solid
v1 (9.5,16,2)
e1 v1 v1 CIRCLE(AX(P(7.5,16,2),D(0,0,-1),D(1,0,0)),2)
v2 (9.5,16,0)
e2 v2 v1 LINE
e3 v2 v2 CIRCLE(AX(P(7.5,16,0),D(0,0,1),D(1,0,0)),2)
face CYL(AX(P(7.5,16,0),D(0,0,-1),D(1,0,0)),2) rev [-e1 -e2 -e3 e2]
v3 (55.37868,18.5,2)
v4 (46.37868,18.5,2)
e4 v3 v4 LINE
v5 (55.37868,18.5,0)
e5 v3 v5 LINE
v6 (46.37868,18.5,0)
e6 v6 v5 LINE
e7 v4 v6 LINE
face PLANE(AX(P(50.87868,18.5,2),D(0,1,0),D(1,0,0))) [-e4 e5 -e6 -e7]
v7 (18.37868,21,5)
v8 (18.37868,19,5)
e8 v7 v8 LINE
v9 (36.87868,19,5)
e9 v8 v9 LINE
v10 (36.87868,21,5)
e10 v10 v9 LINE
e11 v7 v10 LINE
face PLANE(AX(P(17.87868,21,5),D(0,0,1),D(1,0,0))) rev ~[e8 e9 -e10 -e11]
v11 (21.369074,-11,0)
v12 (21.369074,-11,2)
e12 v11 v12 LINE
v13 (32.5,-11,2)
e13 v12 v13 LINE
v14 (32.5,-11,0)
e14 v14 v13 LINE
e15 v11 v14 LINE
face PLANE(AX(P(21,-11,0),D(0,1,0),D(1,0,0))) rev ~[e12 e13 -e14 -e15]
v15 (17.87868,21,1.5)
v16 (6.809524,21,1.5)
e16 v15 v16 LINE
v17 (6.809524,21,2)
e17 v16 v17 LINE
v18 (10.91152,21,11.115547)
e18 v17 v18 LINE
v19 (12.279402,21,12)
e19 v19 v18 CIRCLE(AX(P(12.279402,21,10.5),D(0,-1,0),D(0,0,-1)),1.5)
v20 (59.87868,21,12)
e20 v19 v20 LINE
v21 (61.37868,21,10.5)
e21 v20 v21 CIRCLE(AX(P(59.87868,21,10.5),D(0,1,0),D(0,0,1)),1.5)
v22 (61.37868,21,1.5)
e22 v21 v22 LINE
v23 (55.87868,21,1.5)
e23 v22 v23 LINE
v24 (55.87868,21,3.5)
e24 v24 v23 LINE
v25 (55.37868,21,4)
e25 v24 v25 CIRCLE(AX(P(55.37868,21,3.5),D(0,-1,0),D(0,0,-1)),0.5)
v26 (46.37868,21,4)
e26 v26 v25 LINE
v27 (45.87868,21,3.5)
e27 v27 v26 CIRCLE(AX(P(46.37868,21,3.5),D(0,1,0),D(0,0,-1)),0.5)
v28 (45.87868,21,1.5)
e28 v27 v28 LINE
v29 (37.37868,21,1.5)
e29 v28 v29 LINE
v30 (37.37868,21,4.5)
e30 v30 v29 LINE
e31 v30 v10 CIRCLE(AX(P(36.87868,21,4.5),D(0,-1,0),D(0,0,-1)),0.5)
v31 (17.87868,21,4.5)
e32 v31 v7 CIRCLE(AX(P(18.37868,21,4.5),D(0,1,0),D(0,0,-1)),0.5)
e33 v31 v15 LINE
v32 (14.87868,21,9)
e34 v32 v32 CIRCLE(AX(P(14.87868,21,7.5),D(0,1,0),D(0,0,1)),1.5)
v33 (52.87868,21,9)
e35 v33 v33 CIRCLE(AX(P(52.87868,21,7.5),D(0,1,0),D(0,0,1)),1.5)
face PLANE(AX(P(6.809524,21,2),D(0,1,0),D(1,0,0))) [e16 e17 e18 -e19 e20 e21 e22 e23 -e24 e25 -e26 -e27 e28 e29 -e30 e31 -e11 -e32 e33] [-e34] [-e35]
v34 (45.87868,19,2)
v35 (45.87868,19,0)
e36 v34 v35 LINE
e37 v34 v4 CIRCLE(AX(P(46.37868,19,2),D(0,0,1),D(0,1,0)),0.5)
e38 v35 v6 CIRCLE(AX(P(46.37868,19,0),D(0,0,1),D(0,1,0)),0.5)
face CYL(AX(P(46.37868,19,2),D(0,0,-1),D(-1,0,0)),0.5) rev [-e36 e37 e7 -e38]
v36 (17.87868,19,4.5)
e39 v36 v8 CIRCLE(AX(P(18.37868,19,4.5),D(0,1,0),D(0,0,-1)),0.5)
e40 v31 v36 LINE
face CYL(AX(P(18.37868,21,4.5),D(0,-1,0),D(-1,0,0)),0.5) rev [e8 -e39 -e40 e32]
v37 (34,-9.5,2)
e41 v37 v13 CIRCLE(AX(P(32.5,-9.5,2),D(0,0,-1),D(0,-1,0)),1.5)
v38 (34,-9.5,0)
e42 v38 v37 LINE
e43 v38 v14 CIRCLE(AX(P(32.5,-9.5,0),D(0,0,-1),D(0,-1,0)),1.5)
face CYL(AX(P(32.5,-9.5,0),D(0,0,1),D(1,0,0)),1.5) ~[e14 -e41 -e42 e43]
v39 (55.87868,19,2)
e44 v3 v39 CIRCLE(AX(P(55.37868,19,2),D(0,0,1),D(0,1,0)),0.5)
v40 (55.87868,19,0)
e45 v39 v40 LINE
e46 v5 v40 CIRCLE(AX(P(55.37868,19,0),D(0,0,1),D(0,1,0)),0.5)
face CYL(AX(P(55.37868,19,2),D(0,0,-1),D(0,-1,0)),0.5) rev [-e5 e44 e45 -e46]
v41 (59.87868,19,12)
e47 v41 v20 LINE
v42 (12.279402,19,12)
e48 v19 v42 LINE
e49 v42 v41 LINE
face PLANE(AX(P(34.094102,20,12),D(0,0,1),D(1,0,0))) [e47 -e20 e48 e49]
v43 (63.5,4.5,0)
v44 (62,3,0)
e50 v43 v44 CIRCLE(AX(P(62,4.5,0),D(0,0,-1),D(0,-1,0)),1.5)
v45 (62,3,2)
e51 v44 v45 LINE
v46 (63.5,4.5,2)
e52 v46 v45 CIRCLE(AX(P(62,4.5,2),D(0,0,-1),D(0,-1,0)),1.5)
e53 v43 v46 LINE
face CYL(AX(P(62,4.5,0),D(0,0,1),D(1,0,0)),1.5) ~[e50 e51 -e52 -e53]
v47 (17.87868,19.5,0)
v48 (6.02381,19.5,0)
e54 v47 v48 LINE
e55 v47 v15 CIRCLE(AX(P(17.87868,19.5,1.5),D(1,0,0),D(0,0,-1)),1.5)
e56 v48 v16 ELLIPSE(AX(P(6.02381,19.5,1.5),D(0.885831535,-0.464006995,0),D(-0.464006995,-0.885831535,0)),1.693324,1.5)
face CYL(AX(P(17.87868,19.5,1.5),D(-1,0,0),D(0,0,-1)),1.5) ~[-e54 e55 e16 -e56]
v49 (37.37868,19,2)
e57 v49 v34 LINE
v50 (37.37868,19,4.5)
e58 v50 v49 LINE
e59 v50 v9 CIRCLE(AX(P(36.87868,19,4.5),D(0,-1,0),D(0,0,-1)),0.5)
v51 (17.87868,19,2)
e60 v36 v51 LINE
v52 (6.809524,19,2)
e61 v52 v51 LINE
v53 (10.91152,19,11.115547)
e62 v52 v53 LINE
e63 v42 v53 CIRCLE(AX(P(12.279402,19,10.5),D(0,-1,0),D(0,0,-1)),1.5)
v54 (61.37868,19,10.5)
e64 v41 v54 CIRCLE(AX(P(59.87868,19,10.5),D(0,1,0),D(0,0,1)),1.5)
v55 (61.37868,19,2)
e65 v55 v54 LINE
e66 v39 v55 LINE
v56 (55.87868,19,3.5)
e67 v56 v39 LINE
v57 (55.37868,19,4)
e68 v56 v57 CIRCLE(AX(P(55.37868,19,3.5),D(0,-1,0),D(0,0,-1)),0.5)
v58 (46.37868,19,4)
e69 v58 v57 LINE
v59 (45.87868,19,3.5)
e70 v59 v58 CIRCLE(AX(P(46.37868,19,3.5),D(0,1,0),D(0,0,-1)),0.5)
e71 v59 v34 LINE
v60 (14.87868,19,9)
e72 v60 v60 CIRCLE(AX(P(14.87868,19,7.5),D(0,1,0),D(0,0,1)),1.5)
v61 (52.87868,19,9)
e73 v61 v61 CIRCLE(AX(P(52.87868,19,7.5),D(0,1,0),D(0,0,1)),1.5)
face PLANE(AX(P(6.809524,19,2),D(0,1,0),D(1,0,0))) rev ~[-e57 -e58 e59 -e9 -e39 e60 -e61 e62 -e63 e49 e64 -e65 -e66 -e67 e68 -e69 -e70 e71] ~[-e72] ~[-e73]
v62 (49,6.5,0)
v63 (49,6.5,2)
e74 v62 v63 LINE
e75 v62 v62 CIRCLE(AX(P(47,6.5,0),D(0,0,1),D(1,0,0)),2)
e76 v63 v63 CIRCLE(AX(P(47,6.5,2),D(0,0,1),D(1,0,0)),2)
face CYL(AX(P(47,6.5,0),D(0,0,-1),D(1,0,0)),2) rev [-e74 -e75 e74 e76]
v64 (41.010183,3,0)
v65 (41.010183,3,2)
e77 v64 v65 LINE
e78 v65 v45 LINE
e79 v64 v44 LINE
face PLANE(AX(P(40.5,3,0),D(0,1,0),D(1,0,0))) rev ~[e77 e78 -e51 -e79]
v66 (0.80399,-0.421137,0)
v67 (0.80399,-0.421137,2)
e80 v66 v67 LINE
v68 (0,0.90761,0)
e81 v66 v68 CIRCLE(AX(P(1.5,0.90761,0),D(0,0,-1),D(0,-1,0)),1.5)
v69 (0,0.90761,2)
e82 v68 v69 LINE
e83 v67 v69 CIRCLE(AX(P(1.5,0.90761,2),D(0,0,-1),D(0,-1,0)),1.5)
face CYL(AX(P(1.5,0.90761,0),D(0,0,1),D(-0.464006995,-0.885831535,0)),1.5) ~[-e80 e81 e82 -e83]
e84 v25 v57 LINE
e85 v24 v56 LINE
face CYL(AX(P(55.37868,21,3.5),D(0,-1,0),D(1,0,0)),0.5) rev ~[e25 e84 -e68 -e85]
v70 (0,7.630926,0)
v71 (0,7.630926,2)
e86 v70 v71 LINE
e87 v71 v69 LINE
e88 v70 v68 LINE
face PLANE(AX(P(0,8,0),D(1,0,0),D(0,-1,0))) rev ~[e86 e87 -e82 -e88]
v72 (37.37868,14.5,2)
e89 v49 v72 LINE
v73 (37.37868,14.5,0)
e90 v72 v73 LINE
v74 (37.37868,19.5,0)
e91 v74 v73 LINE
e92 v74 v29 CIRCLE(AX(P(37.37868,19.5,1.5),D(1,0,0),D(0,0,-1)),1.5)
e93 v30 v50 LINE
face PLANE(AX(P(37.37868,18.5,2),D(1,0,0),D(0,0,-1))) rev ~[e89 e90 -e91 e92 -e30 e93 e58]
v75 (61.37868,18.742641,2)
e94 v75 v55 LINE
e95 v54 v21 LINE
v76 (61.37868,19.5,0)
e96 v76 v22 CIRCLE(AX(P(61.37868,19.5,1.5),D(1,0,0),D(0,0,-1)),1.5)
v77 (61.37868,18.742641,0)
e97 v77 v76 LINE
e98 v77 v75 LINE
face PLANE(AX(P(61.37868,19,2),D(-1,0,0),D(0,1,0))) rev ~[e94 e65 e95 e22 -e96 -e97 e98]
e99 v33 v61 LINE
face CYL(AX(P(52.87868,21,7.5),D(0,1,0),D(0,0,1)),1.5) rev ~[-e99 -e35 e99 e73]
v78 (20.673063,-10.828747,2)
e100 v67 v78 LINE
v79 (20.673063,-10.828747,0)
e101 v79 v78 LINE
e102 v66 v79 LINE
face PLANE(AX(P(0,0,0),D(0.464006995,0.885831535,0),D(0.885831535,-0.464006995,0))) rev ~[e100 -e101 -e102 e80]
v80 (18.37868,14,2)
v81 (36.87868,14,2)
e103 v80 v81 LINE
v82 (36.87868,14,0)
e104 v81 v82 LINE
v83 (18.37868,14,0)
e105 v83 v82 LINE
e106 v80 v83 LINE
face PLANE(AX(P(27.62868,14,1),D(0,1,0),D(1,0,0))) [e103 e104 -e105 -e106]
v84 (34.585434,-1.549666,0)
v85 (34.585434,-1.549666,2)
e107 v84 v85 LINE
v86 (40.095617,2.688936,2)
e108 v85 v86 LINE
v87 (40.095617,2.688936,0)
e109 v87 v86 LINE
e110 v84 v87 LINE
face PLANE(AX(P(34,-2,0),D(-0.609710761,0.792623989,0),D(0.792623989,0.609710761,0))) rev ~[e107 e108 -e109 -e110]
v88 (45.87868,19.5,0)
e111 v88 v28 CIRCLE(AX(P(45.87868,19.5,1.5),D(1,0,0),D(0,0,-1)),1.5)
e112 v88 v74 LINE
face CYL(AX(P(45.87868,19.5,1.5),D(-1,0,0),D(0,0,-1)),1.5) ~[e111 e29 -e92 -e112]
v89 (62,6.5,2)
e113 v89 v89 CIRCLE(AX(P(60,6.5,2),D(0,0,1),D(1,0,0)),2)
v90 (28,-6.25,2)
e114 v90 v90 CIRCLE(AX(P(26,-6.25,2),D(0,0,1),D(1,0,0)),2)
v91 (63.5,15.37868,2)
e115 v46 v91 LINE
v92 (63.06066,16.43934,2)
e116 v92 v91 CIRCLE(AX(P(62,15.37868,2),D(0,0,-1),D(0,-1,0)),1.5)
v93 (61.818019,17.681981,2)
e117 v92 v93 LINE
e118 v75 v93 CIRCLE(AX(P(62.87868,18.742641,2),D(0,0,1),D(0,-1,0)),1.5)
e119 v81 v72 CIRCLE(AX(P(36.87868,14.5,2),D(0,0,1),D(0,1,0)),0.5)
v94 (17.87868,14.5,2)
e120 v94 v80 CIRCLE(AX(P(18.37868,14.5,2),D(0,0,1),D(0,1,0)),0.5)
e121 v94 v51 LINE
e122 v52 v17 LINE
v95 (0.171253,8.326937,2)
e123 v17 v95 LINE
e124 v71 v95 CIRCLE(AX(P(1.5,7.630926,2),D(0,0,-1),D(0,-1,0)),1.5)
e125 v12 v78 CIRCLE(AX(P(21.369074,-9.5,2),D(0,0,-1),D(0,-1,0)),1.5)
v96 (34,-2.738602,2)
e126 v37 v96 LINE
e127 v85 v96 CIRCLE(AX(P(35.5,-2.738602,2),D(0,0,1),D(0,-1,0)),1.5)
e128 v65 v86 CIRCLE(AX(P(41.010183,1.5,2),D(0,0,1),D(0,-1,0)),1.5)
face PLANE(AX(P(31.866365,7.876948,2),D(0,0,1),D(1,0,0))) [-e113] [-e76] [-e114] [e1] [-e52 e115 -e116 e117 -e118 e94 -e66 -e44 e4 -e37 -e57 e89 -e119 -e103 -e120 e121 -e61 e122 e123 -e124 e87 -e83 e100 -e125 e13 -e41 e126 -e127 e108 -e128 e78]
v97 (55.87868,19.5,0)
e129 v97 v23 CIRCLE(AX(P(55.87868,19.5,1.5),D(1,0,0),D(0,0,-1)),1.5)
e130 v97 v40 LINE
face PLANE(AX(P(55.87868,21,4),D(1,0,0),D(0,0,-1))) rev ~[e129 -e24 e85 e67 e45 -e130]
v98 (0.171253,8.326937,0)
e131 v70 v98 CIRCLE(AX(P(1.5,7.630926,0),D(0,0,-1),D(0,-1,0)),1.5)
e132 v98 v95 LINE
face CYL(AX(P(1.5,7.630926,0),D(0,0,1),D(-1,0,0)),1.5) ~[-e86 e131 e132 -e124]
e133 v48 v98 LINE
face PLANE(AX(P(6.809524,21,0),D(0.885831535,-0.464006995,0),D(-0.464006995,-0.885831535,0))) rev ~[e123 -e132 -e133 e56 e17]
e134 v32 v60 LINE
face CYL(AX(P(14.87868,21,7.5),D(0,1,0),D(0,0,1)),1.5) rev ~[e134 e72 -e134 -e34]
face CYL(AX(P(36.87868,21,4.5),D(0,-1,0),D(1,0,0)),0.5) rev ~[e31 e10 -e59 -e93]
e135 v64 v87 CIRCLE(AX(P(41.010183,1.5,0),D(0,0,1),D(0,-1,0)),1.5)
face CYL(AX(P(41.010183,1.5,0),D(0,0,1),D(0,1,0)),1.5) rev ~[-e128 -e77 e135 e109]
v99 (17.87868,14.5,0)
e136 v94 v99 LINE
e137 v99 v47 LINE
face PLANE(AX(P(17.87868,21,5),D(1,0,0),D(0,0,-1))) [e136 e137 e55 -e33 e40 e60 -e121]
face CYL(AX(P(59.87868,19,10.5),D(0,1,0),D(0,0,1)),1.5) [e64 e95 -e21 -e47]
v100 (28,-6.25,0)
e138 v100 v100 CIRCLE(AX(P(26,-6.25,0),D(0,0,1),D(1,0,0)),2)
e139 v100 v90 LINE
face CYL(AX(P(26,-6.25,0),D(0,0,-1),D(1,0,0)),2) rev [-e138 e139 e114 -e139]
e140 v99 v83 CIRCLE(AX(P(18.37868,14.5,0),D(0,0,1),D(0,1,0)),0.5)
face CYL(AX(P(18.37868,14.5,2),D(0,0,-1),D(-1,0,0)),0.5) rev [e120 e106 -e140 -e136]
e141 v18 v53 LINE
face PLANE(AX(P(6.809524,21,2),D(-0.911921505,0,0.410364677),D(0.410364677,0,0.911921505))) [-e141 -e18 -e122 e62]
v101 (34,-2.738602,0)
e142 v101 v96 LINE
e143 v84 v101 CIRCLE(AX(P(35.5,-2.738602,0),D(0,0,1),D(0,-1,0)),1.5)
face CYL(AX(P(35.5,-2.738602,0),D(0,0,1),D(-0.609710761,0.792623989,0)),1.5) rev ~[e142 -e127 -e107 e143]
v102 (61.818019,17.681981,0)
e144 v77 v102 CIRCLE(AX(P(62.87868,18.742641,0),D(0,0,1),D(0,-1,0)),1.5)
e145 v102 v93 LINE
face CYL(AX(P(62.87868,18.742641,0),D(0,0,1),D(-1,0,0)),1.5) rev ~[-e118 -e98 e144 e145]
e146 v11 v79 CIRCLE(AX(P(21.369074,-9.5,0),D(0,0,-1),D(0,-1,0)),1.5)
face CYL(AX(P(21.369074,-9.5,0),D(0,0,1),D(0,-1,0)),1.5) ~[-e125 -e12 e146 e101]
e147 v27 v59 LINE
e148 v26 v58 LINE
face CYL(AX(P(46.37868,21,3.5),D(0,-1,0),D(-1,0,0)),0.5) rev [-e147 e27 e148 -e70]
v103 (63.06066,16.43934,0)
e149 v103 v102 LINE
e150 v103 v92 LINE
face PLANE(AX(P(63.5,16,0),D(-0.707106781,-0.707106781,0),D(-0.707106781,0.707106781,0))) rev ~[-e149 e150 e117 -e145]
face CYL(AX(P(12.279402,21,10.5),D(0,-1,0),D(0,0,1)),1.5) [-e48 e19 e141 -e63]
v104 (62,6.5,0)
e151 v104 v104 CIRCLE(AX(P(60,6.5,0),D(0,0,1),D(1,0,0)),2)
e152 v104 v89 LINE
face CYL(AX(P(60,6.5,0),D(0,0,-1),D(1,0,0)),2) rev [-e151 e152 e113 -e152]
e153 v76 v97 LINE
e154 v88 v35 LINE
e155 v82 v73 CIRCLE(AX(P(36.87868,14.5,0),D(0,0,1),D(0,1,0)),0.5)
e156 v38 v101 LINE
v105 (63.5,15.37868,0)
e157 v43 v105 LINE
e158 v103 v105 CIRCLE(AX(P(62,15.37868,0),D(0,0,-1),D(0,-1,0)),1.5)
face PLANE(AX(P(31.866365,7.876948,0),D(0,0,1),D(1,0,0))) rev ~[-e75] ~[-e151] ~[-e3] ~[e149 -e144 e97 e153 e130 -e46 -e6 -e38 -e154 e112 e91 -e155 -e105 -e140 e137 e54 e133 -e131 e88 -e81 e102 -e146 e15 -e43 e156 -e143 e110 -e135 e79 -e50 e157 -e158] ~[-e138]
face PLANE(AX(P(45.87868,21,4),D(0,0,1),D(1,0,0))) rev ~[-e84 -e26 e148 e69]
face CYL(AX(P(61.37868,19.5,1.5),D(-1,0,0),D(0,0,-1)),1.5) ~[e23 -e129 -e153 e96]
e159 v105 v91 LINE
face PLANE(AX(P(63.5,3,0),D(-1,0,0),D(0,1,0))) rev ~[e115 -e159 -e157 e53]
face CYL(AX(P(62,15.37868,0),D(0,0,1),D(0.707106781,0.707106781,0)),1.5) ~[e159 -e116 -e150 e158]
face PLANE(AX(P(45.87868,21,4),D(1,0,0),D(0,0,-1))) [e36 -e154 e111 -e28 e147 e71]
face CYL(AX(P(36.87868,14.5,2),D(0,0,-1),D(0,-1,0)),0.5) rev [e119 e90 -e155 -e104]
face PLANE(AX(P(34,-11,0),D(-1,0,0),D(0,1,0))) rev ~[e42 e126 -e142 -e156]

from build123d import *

# Parameters (mm, degrees)
SKETCH1_R           = 2
BOSS_EXTRUDE1_DEPTH = 2
SKETCH2_W           = 54.569155846
SKETCH2_H           = 2
BOSS_EXTRUDE2_DEPTH = 10
SKETCH3_R           = 1.5
CUT_EXTRUDE1_DEPTH  = 73.112758927
SKETCH4_W           = 19.5
SKETCH4_H           = 5
SKETCH4_W_2         = 10
SKETCH4_H_2         = 4
CUT_EXTRUDE2_DEPTH  = 2.5
SKETCH5_W           = 19.5
SKETCH5_H           = 2
CUT_EXTRUDE3_DEPTH  = 4.5
FILLET1_R           = 1.5
FILLET2_R           = 0.5


with BuildPart() as part:
    # Sketch1 → Boss-Extrude1 (new body)
    with BuildSketch(Plane.XY):
        Polygon((0, 0), (21, -11), (27.728873239, -11), (34, -11), (34, -2), (40.5, 3), (63.5, 3), (63.5, 16), (61.378679656, 18.121320344), (61.378679656, 21), (6.80952381, 21), (0, 8), align=None)
        with Locations((26, -6.25)):
            Circle(SKETCH1_R, mode=Mode.SUBTRACT)
        with Locations((47, 6.5)):
            Circle(SKETCH1_R, mode=Mode.SUBTRACT)
        with Locations((60, 6.5)):
            Circle(SKETCH1_R, mode=Mode.SUBTRACT)
        with Locations((7.5, 16)):
            Circle(SKETCH1_R, mode=Mode.SUBTRACT)
    extrude(amount=BOSS_EXTRUDE1_DEPTH)

    # Sketch2 → Boss-Extrude2 (add)
    with BuildSketch(Plane.XY.offset(2)):
        with Locations((34.094101733, 20)):
            Rectangle(SKETCH2_W, SKETCH2_H)
    extrude(amount=BOSS_EXTRUDE2_DEPTH)

    # Sketch3 → Cut-Extrude1 (cut, through all)
    with BuildSketch(Plane(origin=(0, 21, 0), x_dir=(1, 0, 0), z_dir=(0, 1, 0))):
        with Locations(Location((52.878679656, -7.5, 0), (0, 0, 270))):
            Circle(SKETCH3_R)
        with Locations(Location((14.878679656, -7.5, 0), (0, 0, 270))):
            Circle(SKETCH3_R)
        Polygon((6.80952381, -2), (11.30952381, -12), (6.80952381, -12), align=None)
    extrude(amount=-CUT_EXTRUDE1_DEPTH, mode=Mode.SUBTRACT)

    # Sketch4 → Cut-Extrude2 (cut)
    with BuildSketch(Plane(origin=(0, 21, 0), x_dir=(1, 0, 0), z_dir=(0, 1, 0))):
        with Locations((27.628679656, -2.5)):
            Rectangle(SKETCH4_W, SKETCH4_H)
        with Locations((50.878679656, -2)):
            Rectangle(SKETCH4_W_2, SKETCH4_H_2)
    extrude(amount=-CUT_EXTRUDE2_DEPTH, mode=Mode.SUBTRACT)

    # Sketch5 → Cut-Extrude3 (cut)
    with BuildSketch(Plane(origin=(0, 18.5, 0), x_dir=(1, 0, 0), z_dir=(0, 1, 0))):
        with Locations((27.628679656, -1)):
            Rectangle(SKETCH5_W, SKETCH5_H)
    extrude(amount=-CUT_EXTRUDE3_DEPTH, mode=Mode.SUBTRACT)

    # Fillet1
    fillet1_edges = [part.edges().sort_by_distance(p)[0] for p in [
        (58.628679656, 21, 0),
        (0, 8, 1),
        (61.378679656, 18.121320344, 1),
        (63.5, 16, 1),
        (63.5, 3, 1),
        (40.5, 3, 1),
        (34, -2, 1),
        (34, -11, 1),
        (21, -11, 1),
        (0, 0, 1),
        (61.378679656, 20, 12),
        (11.30952381, 20, 12),
        (41.628679656, 21, 0),
        (12.344101733, 21, 0),
    ]]
    fillet(fillet1_edges, radius=FILLET1_R)

    # Fillet2
    fillet2_edges = [part.edges().sort_by_distance(p)[0] for p in [
        (37.378679656, 20, 5),
        (37.378679656, 14, 1),
        (55.878679656, 20, 4),
        (45.878679656, 20, 4),
        (45.878679656, 18.5, 1),
        (55.878679656, 18.5, 1),
        (17.878679656, 14, 1),
        (17.878679656, 20, 5),
    ]]
    fillet(fillet2_edges, radius=FILLET2_R)


solid = part.part
